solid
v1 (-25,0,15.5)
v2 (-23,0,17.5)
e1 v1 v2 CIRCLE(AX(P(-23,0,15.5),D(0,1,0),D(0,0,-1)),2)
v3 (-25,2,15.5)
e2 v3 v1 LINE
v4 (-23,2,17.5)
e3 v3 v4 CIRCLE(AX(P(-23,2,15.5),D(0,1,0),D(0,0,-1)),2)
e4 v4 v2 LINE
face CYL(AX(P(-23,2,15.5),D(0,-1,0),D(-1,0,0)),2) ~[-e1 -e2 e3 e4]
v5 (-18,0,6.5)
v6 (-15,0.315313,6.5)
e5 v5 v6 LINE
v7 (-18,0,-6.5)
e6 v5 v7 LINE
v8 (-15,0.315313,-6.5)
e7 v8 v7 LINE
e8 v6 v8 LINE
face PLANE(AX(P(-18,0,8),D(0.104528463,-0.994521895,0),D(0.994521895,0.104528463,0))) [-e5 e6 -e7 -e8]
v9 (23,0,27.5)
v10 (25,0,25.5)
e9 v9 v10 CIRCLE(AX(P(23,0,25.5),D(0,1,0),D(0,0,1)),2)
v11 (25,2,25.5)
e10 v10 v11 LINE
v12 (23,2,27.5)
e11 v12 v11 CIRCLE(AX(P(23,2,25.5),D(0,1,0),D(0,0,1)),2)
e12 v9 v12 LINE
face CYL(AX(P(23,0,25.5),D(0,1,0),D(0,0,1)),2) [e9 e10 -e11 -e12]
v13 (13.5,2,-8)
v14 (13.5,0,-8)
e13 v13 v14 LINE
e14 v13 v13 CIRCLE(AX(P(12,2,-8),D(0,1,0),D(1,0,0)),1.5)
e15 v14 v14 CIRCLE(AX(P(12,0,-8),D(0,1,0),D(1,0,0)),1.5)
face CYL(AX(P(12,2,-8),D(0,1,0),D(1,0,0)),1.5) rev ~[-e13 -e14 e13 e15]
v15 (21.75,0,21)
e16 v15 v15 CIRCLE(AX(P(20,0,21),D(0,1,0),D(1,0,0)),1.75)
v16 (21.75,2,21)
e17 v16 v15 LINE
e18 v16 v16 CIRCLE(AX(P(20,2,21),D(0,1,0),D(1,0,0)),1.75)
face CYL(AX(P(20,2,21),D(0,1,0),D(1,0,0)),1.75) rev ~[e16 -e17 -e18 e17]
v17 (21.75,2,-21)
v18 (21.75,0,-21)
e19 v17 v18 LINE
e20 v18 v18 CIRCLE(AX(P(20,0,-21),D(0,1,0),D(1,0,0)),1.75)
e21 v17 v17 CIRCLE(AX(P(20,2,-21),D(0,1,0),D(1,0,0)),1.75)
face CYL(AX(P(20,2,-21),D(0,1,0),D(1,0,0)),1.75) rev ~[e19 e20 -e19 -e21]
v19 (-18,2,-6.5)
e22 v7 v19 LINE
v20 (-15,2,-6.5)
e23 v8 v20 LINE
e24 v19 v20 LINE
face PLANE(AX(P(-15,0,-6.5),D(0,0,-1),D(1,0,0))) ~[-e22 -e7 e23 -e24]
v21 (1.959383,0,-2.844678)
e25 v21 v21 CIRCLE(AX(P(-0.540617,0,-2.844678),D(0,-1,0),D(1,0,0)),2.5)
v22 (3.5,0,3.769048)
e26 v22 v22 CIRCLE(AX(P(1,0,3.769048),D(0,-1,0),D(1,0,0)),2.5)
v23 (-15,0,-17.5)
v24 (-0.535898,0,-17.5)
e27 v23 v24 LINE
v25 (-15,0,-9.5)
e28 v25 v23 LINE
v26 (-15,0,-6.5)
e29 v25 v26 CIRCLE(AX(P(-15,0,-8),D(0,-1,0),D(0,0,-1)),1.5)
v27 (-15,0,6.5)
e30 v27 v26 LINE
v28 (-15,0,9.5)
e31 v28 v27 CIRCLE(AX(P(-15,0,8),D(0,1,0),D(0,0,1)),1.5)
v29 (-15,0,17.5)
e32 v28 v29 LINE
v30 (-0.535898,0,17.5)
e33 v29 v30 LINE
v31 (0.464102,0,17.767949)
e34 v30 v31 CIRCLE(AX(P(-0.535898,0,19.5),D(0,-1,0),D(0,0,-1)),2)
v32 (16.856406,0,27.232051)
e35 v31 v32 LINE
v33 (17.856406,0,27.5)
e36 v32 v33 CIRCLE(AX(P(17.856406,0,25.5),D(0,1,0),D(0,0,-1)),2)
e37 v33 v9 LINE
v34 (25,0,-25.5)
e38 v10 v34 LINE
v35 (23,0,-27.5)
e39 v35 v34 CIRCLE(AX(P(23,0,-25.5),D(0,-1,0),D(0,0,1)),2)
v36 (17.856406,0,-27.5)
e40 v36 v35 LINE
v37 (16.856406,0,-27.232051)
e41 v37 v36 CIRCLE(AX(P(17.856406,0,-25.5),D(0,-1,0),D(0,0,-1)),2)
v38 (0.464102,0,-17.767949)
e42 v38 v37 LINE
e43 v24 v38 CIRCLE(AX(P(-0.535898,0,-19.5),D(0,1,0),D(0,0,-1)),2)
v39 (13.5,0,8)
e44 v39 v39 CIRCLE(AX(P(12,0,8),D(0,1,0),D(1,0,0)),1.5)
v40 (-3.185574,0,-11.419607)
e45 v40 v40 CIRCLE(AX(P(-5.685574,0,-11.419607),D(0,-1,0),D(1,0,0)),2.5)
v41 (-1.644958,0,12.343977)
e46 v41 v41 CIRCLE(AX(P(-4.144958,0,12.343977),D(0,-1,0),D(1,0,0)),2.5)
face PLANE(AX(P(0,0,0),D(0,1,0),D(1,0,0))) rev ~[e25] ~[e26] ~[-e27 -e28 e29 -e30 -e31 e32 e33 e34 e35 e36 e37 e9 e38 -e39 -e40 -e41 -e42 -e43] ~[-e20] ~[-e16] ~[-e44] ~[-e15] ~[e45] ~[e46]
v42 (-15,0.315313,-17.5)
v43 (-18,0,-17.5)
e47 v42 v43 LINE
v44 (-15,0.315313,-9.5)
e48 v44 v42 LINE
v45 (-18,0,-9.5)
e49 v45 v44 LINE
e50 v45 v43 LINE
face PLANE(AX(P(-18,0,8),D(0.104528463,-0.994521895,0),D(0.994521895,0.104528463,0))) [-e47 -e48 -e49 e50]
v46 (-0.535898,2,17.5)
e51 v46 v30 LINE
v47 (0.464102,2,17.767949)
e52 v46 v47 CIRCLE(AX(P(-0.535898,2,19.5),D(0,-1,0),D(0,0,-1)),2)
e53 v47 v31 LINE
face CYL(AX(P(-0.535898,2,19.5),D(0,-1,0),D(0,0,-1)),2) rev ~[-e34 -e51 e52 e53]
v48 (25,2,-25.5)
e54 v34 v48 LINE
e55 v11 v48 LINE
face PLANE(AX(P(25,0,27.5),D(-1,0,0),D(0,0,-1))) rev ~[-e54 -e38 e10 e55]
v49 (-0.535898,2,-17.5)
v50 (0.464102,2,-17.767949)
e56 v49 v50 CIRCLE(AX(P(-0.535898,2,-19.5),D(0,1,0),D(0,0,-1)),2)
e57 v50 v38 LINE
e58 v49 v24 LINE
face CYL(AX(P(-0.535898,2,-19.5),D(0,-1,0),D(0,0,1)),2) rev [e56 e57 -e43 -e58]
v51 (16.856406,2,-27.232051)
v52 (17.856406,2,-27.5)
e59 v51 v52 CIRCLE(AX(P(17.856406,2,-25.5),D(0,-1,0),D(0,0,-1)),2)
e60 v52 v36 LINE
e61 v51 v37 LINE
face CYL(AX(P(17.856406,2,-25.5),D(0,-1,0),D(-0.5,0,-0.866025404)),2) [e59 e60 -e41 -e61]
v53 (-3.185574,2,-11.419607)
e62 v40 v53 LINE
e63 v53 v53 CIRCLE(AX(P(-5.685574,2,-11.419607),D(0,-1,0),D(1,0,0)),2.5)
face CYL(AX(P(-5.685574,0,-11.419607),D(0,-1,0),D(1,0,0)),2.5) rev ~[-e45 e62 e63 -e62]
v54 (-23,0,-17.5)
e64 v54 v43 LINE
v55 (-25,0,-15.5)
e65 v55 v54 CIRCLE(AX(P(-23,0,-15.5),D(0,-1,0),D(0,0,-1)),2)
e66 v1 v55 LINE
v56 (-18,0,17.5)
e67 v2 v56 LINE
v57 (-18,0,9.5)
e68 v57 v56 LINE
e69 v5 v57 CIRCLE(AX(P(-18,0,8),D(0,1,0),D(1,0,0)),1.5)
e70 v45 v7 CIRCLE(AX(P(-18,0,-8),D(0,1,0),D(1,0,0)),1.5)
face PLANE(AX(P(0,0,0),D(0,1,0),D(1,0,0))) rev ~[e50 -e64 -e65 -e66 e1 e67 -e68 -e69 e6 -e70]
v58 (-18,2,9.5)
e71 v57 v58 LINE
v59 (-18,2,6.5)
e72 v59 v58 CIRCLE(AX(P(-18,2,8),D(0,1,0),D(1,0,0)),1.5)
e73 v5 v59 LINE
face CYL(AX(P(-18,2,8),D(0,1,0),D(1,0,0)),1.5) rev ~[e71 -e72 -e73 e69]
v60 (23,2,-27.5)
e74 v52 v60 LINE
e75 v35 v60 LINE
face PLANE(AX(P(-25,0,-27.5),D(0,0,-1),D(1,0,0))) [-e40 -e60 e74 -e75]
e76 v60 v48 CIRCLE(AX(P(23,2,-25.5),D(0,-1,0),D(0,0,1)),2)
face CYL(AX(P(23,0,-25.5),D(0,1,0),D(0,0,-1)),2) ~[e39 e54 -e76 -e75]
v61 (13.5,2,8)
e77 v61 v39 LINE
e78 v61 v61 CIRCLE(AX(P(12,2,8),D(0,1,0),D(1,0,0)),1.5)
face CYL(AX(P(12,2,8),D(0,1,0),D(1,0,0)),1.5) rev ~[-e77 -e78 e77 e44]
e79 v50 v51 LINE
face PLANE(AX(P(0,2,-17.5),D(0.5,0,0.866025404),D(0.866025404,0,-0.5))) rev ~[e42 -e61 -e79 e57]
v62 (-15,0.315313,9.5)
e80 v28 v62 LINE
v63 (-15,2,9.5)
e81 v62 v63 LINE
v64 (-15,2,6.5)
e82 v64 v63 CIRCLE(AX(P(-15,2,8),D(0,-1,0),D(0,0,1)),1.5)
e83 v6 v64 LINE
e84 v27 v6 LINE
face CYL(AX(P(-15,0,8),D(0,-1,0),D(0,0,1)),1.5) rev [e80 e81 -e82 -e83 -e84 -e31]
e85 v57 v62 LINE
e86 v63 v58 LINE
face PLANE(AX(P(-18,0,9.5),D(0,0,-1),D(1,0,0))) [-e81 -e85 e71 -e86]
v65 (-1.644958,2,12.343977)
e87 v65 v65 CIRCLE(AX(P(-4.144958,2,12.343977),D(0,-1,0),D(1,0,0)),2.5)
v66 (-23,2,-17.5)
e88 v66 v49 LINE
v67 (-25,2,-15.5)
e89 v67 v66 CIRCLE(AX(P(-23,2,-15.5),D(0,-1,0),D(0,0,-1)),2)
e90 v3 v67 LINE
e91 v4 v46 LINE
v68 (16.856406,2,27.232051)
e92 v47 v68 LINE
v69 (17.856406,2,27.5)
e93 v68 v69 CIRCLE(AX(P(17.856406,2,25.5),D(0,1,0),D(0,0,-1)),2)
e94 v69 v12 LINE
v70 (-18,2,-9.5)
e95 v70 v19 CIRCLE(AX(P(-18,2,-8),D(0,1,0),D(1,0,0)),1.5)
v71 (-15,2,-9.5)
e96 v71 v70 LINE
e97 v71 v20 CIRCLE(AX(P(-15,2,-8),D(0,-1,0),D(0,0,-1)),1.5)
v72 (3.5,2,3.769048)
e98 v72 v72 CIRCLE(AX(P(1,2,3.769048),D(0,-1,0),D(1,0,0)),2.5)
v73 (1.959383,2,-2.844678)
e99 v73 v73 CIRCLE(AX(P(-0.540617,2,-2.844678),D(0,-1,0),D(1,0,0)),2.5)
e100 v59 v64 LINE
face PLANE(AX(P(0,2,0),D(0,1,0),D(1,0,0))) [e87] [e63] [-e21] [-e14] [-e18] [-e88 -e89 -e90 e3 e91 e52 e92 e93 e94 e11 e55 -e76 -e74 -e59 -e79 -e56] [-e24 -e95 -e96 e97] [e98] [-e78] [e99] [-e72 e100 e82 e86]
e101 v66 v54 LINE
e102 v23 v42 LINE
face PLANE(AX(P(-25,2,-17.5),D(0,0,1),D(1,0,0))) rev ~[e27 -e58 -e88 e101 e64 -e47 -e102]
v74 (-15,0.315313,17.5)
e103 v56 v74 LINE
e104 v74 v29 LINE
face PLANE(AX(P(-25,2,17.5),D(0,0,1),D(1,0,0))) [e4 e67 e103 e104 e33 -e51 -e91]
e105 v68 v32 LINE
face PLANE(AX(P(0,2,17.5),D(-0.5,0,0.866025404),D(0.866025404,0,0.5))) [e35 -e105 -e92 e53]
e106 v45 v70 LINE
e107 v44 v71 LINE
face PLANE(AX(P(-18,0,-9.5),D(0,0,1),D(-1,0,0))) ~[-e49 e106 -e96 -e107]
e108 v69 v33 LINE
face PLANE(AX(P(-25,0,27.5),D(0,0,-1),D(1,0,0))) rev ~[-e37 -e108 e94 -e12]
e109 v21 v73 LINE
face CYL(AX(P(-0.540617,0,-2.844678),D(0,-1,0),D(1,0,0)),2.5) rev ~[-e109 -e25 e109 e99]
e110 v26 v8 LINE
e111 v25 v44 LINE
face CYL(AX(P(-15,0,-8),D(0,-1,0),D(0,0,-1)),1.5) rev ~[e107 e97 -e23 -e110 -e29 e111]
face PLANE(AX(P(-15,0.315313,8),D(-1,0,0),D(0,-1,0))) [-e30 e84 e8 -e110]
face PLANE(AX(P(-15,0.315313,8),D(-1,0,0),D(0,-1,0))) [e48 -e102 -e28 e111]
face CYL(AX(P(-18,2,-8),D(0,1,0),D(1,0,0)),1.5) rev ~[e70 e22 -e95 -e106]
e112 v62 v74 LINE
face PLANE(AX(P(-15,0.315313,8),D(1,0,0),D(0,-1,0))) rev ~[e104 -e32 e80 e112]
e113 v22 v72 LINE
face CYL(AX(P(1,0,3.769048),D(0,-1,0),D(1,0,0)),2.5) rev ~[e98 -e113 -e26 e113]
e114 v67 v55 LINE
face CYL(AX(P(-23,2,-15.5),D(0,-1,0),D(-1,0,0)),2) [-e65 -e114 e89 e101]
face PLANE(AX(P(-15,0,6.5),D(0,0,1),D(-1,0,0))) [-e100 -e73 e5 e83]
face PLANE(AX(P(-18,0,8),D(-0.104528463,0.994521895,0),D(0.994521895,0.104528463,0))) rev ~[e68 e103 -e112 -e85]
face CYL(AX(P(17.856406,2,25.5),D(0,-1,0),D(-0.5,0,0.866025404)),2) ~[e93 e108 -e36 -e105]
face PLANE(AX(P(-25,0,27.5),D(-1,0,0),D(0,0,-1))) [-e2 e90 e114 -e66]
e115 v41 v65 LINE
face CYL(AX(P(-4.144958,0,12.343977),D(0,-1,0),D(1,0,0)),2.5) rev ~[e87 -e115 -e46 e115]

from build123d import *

# Parameters (mm, degrees)
SKETCH_1_W               = 50
SKETCH_1_H               = 55
EXTRUDE_1_DEPTH          = 2
SKETCH_2_R               = 1.5
CUT_EXTRUDE_1_DEPTH      = 3
CUT_EXTRUDE_2_DEPTH      = 10
CUT_EXTRUDE_3_DEPTH      = 20.5
CUT_EXTRUDE_3_DEPTH_BACK = 36.5
SKETCH_5_R               = 1.75
CUT_EXTRUDE_4_DEPTH      = 10
CUT_EXTRUDE_5_DEPTH      = 10
SKETCH_7_R               = 2.5
CUT_EXTRUDE_6_DEPTH      = 10
FILLET_1_R               = 2


with BuildPart() as part:
    # 草图1 → 凸台-拉伸1 (new body)
    with BuildSketch(Plane(origin=(0, 0, 0), x_dir=(1, 0, 0), z_dir=(0, 1, 0))):
        Rectangle(SKETCH_1_W, SKETCH_1_H)
    extrude(amount=EXTRUDE_1_DEPTH)

    # 草图2 → 切除-拉伸1 (cut, through all)
    with BuildSketch(Plane(origin=(0, 2, 0), x_dir=(1, 0, 0), z_dir=(0, 1, 0))):
        with Locations((-18, 8)):
            Circle(SKETCH_2_R)
        with Locations((-18, -8)):
            Circle(SKETCH_2_R)
        with Locations((12, -8)):
            Circle(SKETCH_2_R)
        with Locations((12, 8)):
            Circle(SKETCH_2_R)
    extrude(amount=-CUT_EXTRUDE_1_DEPTH, mode=Mode.SUBTRACT)

    # 草图3 → 切除-拉伸2 (cut)
    with BuildSketch(Plane.XZ):
        with BuildLine():
            Line((-18, 9.5), (-15, 9.5))
            ThreePointArc((-15, 9.5), (-13.5, 8), (-15, 6.5))
            Line((-15, 6.5), (-18, 6.5))
            Line((-18, 6.5), (-18, 9.5))
        make_face()
    cut_extrude_2 = extrude(amount=-CUT_EXTRUDE_2_DEPTH, mode=Mode.SUBTRACT)

    # 草图4 → 切除-拉伸3 (cut, two sides)
    with BuildSketch(Plane.XY.offset(8)) as cut_extrude_3_sk:
        Polygon((-18, 0), (-15, 0.315312706), (-15, 0), align=None)
    extrude(amount=CUT_EXTRUDE_3_DEPTH, mode=Mode.SUBTRACT)
    extrude(cut_extrude_3_sk.sketch, amount=-CUT_EXTRUDE_3_DEPTH_BACK, mode=Mode.SUBTRACT)

    # 镜向1: 切除-拉伸2 across plane
    add(cut_extrude_2.mirror(Plane.XY), mode=Mode.SUBTRACT)

    # 草图5 → 切除-拉伸4 (cut)
    with BuildSketch(Plane(origin=(0, 2, 0), x_dir=(1, 0, 0), z_dir=(0, 1, 0))):
        with Locations((20, 21)):
            Circle(SKETCH_5_R)
        with Locations((20, -21)):
            Circle(SKETCH_5_R)
    extrude(amount=-CUT_EXTRUDE_4_DEPTH, mode=Mode.SUBTRACT)

    # 草图6 → 切除-拉伸5 (cut)
    with BuildSketch(Plane(origin=(0, 2, 0), x_dir=(1, 0, 0), z_dir=(0, 1, 0))):
        Polygon((-25, 17.5), (0, 17.5), (17.320508076, 27.5), (-25, 27.5), align=None)
        Polygon((17.320508076, -27.5), (-25, -27.5), (-25, -17.5), (0, -17.5), align=None)
    extrude(amount=-CUT_EXTRUDE_5_DEPTH, mode=Mode.SUBTRACT)

    # 草图7 → 切除-拉伸6 (cut)
    with BuildSketch(Plane.XZ):
        with Locations((-5.685574087, -11.419607443)):
            Circle(SKETCH_7_R)
        with Locations((-0.540616532, -2.844678186)):
            Circle(SKETCH_7_R)
        with Locations((-4.144957554, 12.343977362)):
            Circle(SKETCH_7_R)
        with Locations((1, 3.769048105)):
            Circle(SKETCH_7_R)
    extrude(amount=-CUT_EXTRUDE_6_DEPTH, mode=Mode.SUBTRACT)

    # 圆角1
    fillet_1_edges = [part.edges().sort_by_distance(p)[0] for p in [
        (17.320508076, 1, -27.5),
        (-25, 1, -17.5),
        (0, 1, -17.5),
        (0, 1, 17.5),
        (17.320508076, 1, 27.5),
        (-25, 1, 17.5),
        (25, 1, 27.5),
        (25, 1, -27.5),
    ]]
    fillet(fillet_1_edges, radius=FILLET_1_R)


solid = part.part
